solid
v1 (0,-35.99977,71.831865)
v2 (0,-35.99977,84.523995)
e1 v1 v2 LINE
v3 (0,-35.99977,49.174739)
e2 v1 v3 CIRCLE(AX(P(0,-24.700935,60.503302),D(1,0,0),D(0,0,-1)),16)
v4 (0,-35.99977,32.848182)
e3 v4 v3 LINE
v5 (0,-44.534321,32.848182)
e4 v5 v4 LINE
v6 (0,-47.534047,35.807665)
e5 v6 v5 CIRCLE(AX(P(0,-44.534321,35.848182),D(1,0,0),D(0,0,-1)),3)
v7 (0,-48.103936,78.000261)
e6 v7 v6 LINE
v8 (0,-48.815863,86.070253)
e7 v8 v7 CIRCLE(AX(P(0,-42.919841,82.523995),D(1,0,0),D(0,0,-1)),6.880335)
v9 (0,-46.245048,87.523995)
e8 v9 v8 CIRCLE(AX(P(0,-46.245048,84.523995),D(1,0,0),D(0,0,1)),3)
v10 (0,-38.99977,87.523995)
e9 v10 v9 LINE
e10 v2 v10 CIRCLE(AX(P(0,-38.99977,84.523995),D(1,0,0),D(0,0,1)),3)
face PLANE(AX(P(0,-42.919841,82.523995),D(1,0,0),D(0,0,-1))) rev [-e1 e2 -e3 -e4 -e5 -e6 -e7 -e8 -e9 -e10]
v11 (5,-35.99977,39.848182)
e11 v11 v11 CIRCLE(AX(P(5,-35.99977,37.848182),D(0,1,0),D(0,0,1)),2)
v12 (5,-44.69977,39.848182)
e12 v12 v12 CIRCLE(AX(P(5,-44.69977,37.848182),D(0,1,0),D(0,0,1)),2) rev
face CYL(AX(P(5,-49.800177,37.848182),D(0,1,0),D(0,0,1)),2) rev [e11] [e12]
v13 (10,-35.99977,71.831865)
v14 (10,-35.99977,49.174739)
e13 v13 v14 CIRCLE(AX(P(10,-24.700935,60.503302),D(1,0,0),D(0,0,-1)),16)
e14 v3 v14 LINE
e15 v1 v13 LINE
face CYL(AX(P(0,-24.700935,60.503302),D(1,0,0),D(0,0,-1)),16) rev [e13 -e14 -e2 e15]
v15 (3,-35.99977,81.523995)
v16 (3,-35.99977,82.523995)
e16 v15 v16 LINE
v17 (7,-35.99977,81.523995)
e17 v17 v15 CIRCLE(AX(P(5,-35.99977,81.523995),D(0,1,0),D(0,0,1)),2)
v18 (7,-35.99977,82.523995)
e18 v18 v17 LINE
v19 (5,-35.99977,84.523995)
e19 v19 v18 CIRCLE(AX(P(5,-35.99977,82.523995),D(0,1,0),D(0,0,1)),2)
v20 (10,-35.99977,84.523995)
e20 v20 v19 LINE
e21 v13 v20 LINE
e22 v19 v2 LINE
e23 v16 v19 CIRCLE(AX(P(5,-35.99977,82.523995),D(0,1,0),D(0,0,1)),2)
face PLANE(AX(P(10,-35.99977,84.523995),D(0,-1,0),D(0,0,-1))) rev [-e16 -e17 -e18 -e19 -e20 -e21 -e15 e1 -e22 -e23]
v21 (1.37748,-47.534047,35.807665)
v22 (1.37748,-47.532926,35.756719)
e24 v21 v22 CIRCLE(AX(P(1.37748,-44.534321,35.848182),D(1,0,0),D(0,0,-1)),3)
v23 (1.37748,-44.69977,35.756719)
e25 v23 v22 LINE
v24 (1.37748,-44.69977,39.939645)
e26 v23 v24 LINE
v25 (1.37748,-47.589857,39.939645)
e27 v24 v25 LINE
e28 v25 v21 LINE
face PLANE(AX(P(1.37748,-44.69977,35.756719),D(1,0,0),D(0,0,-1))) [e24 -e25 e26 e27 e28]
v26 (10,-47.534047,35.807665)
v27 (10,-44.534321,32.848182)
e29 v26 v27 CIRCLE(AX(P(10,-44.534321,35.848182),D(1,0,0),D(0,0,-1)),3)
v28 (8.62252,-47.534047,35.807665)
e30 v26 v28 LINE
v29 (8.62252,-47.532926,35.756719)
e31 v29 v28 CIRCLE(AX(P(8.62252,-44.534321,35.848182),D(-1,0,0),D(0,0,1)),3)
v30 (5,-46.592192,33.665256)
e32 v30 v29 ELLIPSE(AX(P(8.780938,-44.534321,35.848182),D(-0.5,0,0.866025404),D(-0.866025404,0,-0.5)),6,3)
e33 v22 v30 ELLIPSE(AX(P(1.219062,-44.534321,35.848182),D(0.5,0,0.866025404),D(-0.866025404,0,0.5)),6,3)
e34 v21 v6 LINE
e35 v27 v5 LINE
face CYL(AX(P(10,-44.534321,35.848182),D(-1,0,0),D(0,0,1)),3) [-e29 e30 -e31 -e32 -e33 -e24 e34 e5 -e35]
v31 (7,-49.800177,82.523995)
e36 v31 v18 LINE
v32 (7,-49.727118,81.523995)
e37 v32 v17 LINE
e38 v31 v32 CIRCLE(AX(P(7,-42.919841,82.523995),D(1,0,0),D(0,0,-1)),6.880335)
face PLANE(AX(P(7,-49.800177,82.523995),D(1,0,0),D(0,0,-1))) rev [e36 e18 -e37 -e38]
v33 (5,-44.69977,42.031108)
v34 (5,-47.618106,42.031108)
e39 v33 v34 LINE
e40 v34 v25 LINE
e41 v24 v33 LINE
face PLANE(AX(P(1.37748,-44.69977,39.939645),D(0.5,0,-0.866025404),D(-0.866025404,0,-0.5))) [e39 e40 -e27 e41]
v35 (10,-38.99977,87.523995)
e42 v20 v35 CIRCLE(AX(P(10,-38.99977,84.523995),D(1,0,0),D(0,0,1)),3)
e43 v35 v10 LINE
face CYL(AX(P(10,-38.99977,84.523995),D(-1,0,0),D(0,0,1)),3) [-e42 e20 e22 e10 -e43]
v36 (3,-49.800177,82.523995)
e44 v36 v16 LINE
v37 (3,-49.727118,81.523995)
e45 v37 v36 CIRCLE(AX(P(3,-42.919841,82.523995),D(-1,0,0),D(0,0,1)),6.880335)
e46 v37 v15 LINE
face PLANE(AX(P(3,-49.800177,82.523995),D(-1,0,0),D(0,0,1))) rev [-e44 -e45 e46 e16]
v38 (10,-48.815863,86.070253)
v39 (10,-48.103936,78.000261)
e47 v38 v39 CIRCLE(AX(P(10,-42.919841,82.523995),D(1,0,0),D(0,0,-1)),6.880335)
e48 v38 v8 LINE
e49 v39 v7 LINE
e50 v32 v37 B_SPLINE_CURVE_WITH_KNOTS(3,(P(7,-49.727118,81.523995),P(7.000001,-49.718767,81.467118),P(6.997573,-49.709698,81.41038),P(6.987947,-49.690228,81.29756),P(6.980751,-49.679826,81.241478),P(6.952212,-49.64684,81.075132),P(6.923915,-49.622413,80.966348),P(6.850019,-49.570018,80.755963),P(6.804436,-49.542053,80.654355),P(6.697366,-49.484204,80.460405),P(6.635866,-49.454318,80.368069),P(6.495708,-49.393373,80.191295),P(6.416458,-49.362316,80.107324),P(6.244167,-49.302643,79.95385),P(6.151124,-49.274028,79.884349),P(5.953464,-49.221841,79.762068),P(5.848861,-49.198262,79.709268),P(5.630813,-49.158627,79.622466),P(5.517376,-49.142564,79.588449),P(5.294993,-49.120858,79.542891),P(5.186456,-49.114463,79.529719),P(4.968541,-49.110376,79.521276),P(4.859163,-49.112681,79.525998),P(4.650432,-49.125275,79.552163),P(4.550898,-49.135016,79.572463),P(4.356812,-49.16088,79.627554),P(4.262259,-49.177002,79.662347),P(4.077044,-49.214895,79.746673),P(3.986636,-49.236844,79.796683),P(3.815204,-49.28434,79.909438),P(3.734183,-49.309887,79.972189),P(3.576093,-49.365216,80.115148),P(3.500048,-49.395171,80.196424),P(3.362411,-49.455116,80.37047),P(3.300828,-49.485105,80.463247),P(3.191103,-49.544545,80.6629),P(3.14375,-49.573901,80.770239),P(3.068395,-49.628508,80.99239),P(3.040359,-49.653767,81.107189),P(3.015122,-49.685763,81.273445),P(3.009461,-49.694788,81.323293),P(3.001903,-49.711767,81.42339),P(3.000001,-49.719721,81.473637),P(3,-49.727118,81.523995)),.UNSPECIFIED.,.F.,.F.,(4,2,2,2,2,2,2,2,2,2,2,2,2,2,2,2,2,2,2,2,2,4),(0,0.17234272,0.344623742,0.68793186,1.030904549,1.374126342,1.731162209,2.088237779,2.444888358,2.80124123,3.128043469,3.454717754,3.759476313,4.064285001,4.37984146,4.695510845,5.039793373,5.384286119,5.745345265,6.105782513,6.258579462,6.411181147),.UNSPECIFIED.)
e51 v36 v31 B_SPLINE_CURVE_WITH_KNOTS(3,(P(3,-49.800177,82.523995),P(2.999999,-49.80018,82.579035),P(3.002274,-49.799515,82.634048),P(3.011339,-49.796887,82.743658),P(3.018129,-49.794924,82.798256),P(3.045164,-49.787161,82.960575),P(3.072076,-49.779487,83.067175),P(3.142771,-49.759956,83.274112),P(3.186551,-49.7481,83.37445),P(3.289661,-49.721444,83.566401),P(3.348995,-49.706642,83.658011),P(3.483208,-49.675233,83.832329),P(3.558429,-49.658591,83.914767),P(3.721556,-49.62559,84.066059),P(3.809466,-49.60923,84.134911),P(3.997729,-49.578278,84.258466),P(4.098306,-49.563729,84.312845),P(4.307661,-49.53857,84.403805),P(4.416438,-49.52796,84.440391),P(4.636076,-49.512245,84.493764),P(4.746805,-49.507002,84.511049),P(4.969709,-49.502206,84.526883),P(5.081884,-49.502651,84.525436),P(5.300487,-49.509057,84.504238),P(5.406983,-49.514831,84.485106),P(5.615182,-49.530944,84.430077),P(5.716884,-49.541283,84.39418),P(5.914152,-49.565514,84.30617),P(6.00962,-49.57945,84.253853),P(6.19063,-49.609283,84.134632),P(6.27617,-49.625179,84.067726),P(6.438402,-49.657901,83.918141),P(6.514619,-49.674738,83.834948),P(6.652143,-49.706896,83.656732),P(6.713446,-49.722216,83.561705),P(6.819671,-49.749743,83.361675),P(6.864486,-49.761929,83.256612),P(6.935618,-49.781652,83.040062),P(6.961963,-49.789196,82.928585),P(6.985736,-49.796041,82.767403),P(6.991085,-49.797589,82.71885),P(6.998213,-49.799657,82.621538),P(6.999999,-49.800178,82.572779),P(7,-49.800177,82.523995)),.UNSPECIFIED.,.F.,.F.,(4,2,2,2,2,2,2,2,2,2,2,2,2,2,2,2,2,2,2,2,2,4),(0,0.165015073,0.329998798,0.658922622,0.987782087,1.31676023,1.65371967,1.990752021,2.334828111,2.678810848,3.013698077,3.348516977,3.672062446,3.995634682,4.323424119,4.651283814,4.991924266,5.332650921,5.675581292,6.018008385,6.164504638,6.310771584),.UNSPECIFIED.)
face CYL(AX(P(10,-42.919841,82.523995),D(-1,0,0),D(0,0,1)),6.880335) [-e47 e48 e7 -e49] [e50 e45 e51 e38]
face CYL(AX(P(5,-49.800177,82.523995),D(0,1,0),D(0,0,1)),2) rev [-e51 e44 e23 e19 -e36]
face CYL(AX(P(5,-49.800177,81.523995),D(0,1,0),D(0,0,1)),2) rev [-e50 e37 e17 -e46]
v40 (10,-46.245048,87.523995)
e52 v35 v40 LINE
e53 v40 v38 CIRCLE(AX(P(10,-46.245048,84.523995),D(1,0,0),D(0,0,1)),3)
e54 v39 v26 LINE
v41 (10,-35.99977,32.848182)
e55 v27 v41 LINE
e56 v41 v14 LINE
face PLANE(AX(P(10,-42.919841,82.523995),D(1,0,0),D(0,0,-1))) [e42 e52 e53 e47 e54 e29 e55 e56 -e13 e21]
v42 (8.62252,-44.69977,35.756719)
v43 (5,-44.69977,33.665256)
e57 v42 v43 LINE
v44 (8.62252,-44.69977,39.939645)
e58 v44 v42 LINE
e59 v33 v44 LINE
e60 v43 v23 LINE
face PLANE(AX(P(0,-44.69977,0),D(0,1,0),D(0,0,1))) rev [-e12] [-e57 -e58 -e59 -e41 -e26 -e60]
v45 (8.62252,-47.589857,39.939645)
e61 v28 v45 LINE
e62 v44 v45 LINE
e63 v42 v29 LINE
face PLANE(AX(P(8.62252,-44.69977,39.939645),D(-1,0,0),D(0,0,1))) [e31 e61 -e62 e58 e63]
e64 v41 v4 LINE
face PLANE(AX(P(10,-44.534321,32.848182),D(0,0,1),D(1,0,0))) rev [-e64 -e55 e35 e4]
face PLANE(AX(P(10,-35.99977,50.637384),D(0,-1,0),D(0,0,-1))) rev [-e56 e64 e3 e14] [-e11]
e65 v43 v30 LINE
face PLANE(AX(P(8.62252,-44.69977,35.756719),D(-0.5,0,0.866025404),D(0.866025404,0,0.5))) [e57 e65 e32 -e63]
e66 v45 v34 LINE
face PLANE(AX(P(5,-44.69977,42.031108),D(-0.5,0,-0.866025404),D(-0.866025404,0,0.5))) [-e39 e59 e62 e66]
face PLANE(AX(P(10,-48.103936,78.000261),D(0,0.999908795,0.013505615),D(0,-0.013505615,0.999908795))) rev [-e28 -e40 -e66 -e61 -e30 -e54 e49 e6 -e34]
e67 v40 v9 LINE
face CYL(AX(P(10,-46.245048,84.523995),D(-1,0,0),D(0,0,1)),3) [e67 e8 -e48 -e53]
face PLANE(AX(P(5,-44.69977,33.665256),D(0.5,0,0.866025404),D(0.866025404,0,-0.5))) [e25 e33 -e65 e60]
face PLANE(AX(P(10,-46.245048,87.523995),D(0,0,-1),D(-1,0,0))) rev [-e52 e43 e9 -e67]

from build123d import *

# Parameters (mm, degrees)
BOSS_EXTRU_1_DEPTH      = 10
ENL_V_MAT_EXTRU_1_DEPTH = 90.16782474
ESQUISSE3_R             = 2
ENL_V_MAT_EXTRU_2_DEPTH = 90.167824766
ENL_V_MAT_EXTRU_3_DEPTH = 3.3
ENL_V_MAT_EXTRU_4_DEPTH = 102.195391925


with BuildPart() as part:
    # Esquisse1 → Boss.-Extru.1 (new body)
    with BuildSketch(Plane(origin=(0, 0, 0), x_dir=(0, 0, -1), z_dir=(1, 0, 0))):
        with BuildLine():
            Line((-87.523995303, -46.245048312), (-87.523995303, -38.999770184))
            ThreePointArc((-87.523995303, -38.999770184), (-86.645315647, -36.87844984), (-84.523995303, -35.999770184))
            Line((-84.523995303, -35.999770184), (-70.36921968, -35.999770184))
            ThreePointArc((-70.36921968, -35.999770184), (-60.503302019, -39.700935345), (-50.637384358, -35.999770184))
            Line((-50.637384358, -35.999770184), (-32.848182024, -35.999770184))
            Line((-32.848182024, -35.999770184), (-32.848182024, -44.534320741))
            ThreePointArc((-32.848182024, -44.534320741), (-33.712584856, -46.641267521), (-35.80766518, -47.534047126))
            Line((-35.80766518, -47.534047126), (-78.000260647, -48.103936043))
            ThreePointArc((-78.000260647, -48.103936043), (-81.919367341, -49.773558375), (-86.070253365, -48.815862581))
            ThreePointArc((-86.070253365, -48.815862581), (-87.135390925, -47.72173816), (-87.523995303, -46.245048312))
        make_face()
    extrude(amount=BOSS_EXTRU_1_DEPTH)

    # Esquisse2 → Enlèv. mat.-Extru.1 (cut, through all)
    with BuildSketch(Plane(origin=(0, -35.999770184, 0), x_dir=(1, 0, 0), z_dir=(0, 1, 0))):
        with BuildLine():
            Line((3, -82.523995303), (3, -81.523995303))
            ThreePointArc((3, -81.523995303), (5, -79.523995303), (7, -81.523995303))
            Line((7, -81.523995303), (7, -82.523995303))
            ThreePointArc((7, -82.523995303), (5, -84.523995303), (3, -82.523995303))
        make_face()
    extrude(amount=-ENL_V_MAT_EXTRU_1_DEPTH, mode=Mode.SUBTRACT)

    # Esquisse3 → Enlèv. mat.-Extru.2 (cut, through all)
    with BuildSketch(Plane(origin=(0, -35.999770184, 0), x_dir=(1, 0, 0), z_dir=(0, 1, 0))):
        with Locations(Location((5, -37.848182024, 0), (0, 0, 270))):
            Circle(ESQUISSE3_R)
    extrude(amount=-ENL_V_MAT_EXTRU_2_DEPTH, mode=Mode.SUBTRACT)

    # Esquisse4 → Enlèv. mat.-Extru.3 (cut)
    with BuildSketch(Plane(origin=(0, -47.999770184, 141.218220364), x_dir=(1, 0, 0), z_dir=(0, 1, 0))):
        Polygon((5, 107.552964167), (1.377479972, 105.461501254), (1.377479972, 101.278575427), (5, 99.187112513), (8.622520028, 101.278575427), (8.622520028, 105.461501254), align=None)
    extrude(amount=ENL_V_MAT_EXTRU_3_DEPTH, mode=Mode.SUBTRACT)

    # Esquisse5 → Enlèv. mat.-Extru.4 (cut, through all)
    with BuildSketch(Plane(origin=(10, 0, 0), x_dir=(0, 0, -1), z_dir=(1, 0, 0))):
        with BuildLine():
            Line((-70.36921968, -35.999770184), (-71.83186465, -35.999770184))
            ThreePointArc((-71.83186465, -35.999770184), (-60.503302019, -40.700935345), (-49.174739388, -35.999770184))
            Line((-49.174739388, -35.999770184), (-50.637384358, -35.999770184))
            Line((-50.637384358, -35.999770184), (-70.36921968, -35.999770184))
        make_face()
    extrude(amount=-ENL_V_MAT_EXTRU_4_DEPTH, mode=Mode.SUBTRACT)


solid = part.part
